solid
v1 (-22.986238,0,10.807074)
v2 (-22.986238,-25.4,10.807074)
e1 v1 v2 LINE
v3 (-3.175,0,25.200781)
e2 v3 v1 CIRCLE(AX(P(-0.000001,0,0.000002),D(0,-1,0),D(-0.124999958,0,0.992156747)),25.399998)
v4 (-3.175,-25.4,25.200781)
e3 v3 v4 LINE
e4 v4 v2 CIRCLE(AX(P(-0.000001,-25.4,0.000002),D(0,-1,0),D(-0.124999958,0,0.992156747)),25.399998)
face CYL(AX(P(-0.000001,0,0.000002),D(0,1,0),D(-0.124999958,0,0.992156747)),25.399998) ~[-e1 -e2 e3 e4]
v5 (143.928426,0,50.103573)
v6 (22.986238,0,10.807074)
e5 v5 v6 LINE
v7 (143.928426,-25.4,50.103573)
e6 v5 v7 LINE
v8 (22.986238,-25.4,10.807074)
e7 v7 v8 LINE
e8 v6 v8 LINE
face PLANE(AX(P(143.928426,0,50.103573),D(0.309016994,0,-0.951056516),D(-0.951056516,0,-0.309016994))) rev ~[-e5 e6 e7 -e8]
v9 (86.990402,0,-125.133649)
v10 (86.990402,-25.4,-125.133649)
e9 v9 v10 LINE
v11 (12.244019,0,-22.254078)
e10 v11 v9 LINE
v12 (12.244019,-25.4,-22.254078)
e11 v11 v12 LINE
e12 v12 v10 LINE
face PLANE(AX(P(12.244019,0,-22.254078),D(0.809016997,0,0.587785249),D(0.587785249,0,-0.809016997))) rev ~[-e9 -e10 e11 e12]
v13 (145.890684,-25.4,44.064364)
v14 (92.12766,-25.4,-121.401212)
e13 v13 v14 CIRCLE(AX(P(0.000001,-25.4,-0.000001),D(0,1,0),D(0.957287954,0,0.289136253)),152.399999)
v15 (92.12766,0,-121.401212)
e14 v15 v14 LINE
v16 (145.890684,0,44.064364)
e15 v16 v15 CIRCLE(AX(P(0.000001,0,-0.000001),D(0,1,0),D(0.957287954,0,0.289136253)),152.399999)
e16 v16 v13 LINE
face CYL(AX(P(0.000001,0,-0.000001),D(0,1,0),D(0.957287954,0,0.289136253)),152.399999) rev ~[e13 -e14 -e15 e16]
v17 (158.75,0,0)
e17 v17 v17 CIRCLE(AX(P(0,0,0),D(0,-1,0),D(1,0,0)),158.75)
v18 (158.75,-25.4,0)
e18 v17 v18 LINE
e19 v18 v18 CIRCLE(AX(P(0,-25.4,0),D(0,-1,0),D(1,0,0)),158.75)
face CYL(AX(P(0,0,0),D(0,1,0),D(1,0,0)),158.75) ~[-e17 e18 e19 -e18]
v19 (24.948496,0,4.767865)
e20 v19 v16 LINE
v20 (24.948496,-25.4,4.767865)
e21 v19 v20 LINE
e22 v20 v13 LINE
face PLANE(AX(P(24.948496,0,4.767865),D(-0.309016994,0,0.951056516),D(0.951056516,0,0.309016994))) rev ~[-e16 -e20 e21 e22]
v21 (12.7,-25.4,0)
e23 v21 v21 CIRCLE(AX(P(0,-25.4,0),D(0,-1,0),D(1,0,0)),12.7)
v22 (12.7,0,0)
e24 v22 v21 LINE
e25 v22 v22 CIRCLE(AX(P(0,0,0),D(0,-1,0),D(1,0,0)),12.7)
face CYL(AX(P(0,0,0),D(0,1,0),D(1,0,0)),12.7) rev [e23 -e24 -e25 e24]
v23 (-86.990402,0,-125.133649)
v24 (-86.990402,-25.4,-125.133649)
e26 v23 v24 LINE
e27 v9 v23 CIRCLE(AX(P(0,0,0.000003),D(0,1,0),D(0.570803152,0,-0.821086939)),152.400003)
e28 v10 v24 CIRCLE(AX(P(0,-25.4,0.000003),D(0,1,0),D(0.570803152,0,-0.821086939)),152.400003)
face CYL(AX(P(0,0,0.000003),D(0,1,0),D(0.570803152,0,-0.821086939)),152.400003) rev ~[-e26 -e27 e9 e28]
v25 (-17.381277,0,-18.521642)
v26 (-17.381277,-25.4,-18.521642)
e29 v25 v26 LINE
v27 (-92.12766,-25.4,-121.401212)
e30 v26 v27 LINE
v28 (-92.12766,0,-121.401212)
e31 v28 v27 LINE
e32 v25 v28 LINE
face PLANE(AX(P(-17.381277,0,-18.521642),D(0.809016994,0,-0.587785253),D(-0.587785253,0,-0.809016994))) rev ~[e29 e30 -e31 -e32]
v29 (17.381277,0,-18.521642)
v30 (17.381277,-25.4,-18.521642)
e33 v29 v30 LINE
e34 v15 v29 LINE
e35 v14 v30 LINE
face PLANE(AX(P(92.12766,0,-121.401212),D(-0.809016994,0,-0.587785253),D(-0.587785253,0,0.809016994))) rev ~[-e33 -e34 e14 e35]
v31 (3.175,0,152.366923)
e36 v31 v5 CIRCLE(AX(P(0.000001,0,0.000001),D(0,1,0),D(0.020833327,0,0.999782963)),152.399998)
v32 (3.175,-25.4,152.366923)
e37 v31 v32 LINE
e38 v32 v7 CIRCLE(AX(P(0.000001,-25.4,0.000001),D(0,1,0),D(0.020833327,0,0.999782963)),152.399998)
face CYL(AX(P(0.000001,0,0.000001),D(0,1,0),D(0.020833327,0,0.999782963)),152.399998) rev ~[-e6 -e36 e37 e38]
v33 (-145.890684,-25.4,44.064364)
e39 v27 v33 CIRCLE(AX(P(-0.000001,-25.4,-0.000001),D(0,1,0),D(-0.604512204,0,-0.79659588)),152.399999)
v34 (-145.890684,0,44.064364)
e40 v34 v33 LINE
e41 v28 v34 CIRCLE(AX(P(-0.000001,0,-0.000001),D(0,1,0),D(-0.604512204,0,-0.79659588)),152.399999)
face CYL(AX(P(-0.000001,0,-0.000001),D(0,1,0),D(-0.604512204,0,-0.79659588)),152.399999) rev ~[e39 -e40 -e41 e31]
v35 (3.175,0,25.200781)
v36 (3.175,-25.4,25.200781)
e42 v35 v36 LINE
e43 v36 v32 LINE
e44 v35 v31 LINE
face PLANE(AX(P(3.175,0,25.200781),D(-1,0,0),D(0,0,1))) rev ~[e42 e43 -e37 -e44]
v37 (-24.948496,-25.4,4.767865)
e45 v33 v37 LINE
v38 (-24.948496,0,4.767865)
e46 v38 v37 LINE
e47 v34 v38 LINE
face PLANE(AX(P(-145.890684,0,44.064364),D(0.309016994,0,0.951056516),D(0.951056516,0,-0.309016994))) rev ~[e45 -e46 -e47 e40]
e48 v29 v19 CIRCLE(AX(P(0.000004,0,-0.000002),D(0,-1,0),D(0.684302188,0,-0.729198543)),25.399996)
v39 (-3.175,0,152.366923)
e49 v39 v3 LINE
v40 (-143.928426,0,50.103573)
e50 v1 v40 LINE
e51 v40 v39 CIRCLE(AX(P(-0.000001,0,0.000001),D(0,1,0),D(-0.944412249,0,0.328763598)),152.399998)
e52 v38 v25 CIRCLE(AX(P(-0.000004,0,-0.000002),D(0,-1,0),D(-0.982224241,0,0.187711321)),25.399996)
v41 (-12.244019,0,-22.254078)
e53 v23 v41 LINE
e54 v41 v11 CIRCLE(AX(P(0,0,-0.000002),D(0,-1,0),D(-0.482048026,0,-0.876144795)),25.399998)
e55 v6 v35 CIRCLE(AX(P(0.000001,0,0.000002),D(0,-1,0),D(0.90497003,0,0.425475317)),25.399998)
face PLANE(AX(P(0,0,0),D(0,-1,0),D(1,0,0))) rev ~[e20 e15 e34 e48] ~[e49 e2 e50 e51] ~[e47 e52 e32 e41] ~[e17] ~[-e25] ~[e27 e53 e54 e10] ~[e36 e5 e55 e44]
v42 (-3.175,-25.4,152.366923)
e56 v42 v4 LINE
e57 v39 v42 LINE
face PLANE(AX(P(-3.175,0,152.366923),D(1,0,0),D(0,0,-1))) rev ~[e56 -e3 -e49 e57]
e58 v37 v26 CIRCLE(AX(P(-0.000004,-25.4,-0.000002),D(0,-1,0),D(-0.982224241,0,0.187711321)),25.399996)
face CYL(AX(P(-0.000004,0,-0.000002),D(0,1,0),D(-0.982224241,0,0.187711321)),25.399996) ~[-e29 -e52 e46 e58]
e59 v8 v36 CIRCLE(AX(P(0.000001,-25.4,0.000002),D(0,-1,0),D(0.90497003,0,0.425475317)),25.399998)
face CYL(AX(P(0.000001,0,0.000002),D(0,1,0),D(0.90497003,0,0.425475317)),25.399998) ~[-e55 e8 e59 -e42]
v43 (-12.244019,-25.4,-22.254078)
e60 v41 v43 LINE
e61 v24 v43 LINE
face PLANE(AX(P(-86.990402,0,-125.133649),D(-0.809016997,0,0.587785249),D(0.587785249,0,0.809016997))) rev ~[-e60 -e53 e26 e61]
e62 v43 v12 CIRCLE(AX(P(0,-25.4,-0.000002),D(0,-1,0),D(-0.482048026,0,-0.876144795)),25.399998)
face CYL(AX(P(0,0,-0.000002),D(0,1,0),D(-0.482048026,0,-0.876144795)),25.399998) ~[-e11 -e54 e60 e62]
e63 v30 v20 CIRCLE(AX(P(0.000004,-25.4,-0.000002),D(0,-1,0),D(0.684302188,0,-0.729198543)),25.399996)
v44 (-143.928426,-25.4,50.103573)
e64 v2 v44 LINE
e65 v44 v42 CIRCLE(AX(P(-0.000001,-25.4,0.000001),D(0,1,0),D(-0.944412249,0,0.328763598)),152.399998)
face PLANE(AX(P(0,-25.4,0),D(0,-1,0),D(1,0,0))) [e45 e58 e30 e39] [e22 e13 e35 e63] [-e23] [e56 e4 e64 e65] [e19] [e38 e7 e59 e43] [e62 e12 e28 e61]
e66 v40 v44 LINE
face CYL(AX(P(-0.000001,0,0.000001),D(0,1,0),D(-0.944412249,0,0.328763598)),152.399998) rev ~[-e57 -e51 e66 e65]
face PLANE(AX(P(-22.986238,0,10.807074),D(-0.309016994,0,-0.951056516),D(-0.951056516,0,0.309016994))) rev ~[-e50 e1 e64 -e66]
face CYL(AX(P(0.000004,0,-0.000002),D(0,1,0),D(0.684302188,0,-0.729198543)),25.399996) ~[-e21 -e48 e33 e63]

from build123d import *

# Parameters (mm, degrees)
F0_R     = 158.75
F0_R_2   = 12.7
F1_DEPTH = 25.4


with BuildPart() as f1:
    # F0 (on Front) → F1 (new body)
    with BuildSketch(Plane.XZ):
        Circle(F0_R)
        with BuildLine():
            ThreePointArc((-24.948496, 4.767865), (-24.156836, -7.849032), (-17.381277, -18.521642))
            Line((-17.381277, -18.521642), (-92.12766, -121.401212))
            ThreePointArc((-92.12766, -121.401212), (-144.941013, -47.09419), (-145.890684, 44.064364))
            Line((-145.890684, 44.064364), (-24.948496, 4.767865))
        make_face(mode=Mode.SUBTRACT)
        with BuildLine():
            ThreePointArc((-12.244019, -22.254078), (0, -25.4), (12.244019, -22.254078))
            Line((12.244019, -22.254078), (86.990402, -125.133649))
            ThreePointArc((86.990402, -125.133649), (0, -152.4), (-86.990402, -125.133649))
            Line((-86.990402, -125.133649), (-12.244019, -22.254078))
        make_face(mode=Mode.SUBTRACT)
        with BuildLine():
            ThreePointArc((17.381277, -18.521642), (24.156836, -7.849032), (24.948496, 4.767865))
            Line((24.948496, 4.767865), (145.890684, 44.064364))
            ThreePointArc((145.890684, 44.064364), (144.941013, -47.09419), (92.12766, -121.401212))
            Line((92.12766, -121.401212), (17.381277, -18.521642))
        make_face(mode=Mode.SUBTRACT)
        with BuildLine():
            ThreePointArc((-143.928426, 50.103573), (-89.578472, 123.29419), (-3.175, 152.366923))
            Line((-3.175, 152.366923), (-3.175, 25.200781))
            ThreePointArc((-3.175, 25.200781), (-14.929745, 20.549032), (-22.986238, 10.807074))
            Line((-22.986238, 10.807074), (-143.928426, 50.103573))
        make_face(mode=Mode.SUBTRACT)
        Circle(F0_R_2, mode=Mode.SUBTRACT)
        with BuildLine():
            ThreePointArc((22.986238, 10.807074), (14.929745, 20.549032), (3.175, 25.200781))
            Line((3.175, 25.200781), (3.175, 152.366923))
            ThreePointArc((3.175, 152.366923), (89.578472, 123.29419), (143.928426, 50.103573))
            Line((143.928426, 50.103573), (22.986238, 10.807074))
        make_face(mode=Mode.SUBTRACT)
    extrude(amount=F1_DEPTH)


solid = f1.part
